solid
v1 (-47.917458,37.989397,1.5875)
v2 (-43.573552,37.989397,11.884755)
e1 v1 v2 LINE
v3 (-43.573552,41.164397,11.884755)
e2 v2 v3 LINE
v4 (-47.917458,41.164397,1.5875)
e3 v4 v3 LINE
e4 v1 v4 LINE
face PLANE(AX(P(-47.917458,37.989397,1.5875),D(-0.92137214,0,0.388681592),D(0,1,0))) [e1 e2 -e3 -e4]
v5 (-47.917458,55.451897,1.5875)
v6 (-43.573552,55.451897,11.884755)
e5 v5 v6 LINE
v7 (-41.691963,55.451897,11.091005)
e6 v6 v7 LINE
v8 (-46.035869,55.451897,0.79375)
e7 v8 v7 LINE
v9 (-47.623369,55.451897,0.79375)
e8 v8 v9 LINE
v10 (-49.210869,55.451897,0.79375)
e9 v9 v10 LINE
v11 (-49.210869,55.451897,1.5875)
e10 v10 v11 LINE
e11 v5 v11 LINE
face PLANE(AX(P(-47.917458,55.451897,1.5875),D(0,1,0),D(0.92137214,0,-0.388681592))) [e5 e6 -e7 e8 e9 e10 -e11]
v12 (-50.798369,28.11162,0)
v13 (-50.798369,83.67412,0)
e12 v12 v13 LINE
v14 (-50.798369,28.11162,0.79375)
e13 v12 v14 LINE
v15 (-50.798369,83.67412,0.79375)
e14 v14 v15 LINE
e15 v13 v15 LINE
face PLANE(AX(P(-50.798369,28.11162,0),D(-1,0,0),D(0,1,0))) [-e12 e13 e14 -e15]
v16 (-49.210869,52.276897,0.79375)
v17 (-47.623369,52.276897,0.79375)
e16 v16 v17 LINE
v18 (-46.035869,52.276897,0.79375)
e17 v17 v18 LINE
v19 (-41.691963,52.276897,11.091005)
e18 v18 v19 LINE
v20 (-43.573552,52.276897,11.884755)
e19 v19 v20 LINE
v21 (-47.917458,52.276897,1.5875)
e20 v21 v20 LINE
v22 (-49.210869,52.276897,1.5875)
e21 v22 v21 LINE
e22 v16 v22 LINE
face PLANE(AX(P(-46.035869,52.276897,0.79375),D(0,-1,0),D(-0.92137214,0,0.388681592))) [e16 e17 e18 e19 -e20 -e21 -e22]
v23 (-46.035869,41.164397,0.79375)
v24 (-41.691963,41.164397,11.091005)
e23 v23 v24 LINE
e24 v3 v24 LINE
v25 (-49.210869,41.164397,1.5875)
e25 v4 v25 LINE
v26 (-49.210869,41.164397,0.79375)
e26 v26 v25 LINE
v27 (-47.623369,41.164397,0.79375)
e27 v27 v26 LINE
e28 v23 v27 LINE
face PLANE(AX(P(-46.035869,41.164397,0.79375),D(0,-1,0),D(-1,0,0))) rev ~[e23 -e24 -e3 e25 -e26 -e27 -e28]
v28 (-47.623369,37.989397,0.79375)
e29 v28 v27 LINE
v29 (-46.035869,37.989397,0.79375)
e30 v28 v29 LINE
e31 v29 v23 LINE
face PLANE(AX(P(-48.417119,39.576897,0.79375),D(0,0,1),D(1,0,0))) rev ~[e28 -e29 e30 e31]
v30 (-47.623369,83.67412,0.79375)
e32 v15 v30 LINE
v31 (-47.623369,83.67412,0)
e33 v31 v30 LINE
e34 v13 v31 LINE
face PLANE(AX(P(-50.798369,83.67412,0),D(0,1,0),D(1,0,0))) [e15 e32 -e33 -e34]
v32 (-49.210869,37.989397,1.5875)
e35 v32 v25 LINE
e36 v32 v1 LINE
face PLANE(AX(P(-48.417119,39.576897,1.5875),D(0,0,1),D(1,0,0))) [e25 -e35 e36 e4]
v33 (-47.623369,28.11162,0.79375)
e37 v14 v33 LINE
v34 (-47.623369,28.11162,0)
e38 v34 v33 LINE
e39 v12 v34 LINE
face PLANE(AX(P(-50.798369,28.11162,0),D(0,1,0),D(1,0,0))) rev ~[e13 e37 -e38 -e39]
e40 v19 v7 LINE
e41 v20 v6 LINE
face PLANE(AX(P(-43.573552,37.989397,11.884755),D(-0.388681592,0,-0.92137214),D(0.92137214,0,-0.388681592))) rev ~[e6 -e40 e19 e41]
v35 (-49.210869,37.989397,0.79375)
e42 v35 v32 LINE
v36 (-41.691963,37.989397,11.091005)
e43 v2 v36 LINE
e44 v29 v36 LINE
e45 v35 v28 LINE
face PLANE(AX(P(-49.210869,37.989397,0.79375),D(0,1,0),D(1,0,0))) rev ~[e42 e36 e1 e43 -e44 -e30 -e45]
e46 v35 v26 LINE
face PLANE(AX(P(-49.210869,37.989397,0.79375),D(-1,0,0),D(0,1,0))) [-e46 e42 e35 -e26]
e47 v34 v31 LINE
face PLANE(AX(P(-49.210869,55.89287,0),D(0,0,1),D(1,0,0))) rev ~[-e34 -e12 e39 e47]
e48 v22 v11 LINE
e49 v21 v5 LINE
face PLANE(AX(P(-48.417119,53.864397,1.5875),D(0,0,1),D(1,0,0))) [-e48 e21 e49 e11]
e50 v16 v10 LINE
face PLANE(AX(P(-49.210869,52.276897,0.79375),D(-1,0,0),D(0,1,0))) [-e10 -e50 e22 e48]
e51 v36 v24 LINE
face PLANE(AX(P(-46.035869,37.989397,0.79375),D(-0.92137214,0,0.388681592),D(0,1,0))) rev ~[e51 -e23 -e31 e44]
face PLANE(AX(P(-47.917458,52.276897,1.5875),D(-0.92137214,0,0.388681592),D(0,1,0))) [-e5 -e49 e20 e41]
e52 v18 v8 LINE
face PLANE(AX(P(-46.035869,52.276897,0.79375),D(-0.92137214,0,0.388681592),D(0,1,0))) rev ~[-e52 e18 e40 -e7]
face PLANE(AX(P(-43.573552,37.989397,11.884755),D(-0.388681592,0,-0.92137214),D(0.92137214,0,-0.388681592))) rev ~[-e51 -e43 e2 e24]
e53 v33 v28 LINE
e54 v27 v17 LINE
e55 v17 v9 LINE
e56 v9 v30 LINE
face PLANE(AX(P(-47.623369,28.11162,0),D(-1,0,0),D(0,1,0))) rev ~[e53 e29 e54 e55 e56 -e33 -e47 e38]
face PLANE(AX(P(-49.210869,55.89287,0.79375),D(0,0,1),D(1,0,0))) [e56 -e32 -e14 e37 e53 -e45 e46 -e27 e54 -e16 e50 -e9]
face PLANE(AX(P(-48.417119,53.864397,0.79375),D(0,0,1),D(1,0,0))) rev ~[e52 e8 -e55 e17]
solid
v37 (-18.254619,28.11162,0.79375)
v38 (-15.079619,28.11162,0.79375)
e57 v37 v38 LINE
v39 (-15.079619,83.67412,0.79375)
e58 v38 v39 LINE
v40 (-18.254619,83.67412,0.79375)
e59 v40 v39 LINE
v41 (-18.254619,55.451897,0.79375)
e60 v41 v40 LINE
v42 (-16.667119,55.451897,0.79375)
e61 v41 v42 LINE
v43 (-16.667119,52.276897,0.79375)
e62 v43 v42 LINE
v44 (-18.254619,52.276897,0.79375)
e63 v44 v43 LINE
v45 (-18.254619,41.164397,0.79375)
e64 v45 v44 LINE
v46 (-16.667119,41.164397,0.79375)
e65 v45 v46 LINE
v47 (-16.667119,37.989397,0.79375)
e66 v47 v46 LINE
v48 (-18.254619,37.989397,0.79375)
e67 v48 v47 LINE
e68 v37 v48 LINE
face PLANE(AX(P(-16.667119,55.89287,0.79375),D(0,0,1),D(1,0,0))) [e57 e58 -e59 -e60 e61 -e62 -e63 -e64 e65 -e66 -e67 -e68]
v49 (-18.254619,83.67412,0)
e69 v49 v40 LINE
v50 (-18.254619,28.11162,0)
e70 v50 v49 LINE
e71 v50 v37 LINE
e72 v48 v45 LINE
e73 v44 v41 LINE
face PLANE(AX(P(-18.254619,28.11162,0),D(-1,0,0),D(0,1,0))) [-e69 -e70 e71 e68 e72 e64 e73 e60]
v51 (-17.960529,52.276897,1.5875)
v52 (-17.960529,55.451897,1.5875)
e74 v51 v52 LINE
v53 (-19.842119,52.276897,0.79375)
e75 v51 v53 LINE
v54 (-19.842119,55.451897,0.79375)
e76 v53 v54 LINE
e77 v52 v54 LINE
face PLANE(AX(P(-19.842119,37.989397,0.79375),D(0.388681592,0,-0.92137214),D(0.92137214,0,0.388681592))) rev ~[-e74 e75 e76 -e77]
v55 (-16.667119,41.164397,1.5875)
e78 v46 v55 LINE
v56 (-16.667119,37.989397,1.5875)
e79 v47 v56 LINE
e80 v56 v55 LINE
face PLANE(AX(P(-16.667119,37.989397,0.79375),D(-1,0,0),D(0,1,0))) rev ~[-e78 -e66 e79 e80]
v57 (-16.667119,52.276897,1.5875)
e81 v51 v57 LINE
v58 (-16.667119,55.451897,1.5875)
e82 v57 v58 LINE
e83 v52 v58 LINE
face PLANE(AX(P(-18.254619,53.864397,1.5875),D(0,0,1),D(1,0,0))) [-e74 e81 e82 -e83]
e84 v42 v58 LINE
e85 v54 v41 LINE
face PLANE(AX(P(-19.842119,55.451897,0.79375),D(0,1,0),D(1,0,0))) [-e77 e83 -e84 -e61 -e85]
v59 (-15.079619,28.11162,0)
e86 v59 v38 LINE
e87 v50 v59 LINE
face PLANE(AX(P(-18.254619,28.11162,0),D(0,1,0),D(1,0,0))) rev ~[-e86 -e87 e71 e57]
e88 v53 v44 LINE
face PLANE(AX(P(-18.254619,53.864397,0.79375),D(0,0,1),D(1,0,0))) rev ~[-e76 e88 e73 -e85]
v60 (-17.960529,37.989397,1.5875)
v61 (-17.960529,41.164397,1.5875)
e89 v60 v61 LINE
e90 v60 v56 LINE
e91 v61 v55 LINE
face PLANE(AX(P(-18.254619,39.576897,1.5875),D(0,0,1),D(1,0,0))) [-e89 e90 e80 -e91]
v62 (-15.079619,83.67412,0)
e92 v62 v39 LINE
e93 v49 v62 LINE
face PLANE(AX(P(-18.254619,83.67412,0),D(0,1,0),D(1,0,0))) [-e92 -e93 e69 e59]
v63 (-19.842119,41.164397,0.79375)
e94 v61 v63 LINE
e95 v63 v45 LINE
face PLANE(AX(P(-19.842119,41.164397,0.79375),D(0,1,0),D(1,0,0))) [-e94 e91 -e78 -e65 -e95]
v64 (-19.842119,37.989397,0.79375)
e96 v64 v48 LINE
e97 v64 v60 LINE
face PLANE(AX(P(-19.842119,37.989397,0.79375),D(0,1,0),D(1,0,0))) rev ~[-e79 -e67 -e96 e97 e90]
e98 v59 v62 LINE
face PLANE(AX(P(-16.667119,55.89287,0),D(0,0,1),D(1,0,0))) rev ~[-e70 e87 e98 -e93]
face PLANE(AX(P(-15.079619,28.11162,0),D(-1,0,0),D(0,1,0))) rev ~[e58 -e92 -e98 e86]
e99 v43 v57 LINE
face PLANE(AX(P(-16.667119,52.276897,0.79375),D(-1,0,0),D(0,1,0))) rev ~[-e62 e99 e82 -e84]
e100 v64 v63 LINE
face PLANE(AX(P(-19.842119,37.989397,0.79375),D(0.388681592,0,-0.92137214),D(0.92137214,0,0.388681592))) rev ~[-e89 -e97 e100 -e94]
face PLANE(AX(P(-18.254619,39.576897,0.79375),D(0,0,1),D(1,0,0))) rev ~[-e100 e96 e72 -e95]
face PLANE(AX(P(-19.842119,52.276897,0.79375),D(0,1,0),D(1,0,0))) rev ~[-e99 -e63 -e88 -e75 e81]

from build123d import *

# Parameters (mm, degrees)
F0_W     = 3.175
F0_H     = 55.5625
F1_DEPTH = 0.79375
F2_W     = 1.5875
F2_H     = 3.175
F3_DEPTH = 0.79375
F2_W_2   = 3.175
F5_DEPTH = 25.4
F7_DEPTH = 25.4
F8_DEPTH = 11.176


with BuildPart() as f1:
    # F0 (on Top) → F1 (new body)
    with BuildSketch(Plane.XY):
        with Locations((-16.6671186362, 55.8928695858)):
            Rectangle(F0_W, F0_H)
    extrude(amount=F1_DEPTH)

    # F2 (on face) → F3, piece 2 (join)
    with BuildSketch(Plane.XY.offset(0.79375)):
        with Locations((-18.2546186362, 53.8643973635)):
            Rectangle(F2_W_2, F2_H)
        with Locations((-18.2546186362, 39.5768973635)):
            Rectangle(F2_W_2, F2_H)
    extrude(amount=F3_DEPTH)

    # F6 (on face) → F7 (cut)
    with BuildSketch(Plane.XZ.offset(-37.9893973635)):
        Polygon((-19.8421186362, 1.5875), (-19.8421186362, 0.79375), (-17.9605293072, 1.5875), align=None)
    extrude(amount=-F7_DEPTH, mode=Mode.SUBTRACT)


with BuildPart() as f1b:
    # F0 (on Top) → F1, piece 2 (new body)
    with BuildSketch(Plane.XY):
        with Locations((-49.2108686362, 55.8928695858)):
            Rectangle(F0_W, F0_H)
    extrude(amount=F1_DEPTH)

    # F2 (on face) → F3 (join)
    with BuildSketch(Plane.XY.offset(0.79375)):
        with Locations((-48.4171186362, 53.8643973635)):
            Rectangle(F2_W, F2_H)
        with Locations((-46.8296186362, 53.8643973635)):
            Rectangle(F2_W, F2_H)
        with Locations((-48.4171186362, 39.5768973635)):
            Rectangle(F2_W, F2_H)
        with Locations((-46.8296186362, 39.5768973635)):
            Rectangle(F2_W, F2_H)
    extrude(amount=F3_DEPTH)

    # F4 (on face) → F5 (cut)
    with BuildSketch(Plane.XZ.offset(-37.9893973635)):
        Polygon((-47.9174579653, 1.5875), (-46.0358686362, 0.79375), (-46.0358686362, 1.5875), align=None)
    extrude(amount=-F5_DEPTH, mode=Mode.SUBTRACT)

    # F8 (add): faces of the model
    f8_faces = [f1b.faces().sort_by_distance(p)[0] for p in [
        (-46.9766633008, 53.8643973635, 1.190625),
        (-46.9766633008, 39.5768973635, 1.190625),
    ]]
    extrude(f8_faces, amount=F8_DEPTH)


solid = Compound([f1.part, f1b.part])
